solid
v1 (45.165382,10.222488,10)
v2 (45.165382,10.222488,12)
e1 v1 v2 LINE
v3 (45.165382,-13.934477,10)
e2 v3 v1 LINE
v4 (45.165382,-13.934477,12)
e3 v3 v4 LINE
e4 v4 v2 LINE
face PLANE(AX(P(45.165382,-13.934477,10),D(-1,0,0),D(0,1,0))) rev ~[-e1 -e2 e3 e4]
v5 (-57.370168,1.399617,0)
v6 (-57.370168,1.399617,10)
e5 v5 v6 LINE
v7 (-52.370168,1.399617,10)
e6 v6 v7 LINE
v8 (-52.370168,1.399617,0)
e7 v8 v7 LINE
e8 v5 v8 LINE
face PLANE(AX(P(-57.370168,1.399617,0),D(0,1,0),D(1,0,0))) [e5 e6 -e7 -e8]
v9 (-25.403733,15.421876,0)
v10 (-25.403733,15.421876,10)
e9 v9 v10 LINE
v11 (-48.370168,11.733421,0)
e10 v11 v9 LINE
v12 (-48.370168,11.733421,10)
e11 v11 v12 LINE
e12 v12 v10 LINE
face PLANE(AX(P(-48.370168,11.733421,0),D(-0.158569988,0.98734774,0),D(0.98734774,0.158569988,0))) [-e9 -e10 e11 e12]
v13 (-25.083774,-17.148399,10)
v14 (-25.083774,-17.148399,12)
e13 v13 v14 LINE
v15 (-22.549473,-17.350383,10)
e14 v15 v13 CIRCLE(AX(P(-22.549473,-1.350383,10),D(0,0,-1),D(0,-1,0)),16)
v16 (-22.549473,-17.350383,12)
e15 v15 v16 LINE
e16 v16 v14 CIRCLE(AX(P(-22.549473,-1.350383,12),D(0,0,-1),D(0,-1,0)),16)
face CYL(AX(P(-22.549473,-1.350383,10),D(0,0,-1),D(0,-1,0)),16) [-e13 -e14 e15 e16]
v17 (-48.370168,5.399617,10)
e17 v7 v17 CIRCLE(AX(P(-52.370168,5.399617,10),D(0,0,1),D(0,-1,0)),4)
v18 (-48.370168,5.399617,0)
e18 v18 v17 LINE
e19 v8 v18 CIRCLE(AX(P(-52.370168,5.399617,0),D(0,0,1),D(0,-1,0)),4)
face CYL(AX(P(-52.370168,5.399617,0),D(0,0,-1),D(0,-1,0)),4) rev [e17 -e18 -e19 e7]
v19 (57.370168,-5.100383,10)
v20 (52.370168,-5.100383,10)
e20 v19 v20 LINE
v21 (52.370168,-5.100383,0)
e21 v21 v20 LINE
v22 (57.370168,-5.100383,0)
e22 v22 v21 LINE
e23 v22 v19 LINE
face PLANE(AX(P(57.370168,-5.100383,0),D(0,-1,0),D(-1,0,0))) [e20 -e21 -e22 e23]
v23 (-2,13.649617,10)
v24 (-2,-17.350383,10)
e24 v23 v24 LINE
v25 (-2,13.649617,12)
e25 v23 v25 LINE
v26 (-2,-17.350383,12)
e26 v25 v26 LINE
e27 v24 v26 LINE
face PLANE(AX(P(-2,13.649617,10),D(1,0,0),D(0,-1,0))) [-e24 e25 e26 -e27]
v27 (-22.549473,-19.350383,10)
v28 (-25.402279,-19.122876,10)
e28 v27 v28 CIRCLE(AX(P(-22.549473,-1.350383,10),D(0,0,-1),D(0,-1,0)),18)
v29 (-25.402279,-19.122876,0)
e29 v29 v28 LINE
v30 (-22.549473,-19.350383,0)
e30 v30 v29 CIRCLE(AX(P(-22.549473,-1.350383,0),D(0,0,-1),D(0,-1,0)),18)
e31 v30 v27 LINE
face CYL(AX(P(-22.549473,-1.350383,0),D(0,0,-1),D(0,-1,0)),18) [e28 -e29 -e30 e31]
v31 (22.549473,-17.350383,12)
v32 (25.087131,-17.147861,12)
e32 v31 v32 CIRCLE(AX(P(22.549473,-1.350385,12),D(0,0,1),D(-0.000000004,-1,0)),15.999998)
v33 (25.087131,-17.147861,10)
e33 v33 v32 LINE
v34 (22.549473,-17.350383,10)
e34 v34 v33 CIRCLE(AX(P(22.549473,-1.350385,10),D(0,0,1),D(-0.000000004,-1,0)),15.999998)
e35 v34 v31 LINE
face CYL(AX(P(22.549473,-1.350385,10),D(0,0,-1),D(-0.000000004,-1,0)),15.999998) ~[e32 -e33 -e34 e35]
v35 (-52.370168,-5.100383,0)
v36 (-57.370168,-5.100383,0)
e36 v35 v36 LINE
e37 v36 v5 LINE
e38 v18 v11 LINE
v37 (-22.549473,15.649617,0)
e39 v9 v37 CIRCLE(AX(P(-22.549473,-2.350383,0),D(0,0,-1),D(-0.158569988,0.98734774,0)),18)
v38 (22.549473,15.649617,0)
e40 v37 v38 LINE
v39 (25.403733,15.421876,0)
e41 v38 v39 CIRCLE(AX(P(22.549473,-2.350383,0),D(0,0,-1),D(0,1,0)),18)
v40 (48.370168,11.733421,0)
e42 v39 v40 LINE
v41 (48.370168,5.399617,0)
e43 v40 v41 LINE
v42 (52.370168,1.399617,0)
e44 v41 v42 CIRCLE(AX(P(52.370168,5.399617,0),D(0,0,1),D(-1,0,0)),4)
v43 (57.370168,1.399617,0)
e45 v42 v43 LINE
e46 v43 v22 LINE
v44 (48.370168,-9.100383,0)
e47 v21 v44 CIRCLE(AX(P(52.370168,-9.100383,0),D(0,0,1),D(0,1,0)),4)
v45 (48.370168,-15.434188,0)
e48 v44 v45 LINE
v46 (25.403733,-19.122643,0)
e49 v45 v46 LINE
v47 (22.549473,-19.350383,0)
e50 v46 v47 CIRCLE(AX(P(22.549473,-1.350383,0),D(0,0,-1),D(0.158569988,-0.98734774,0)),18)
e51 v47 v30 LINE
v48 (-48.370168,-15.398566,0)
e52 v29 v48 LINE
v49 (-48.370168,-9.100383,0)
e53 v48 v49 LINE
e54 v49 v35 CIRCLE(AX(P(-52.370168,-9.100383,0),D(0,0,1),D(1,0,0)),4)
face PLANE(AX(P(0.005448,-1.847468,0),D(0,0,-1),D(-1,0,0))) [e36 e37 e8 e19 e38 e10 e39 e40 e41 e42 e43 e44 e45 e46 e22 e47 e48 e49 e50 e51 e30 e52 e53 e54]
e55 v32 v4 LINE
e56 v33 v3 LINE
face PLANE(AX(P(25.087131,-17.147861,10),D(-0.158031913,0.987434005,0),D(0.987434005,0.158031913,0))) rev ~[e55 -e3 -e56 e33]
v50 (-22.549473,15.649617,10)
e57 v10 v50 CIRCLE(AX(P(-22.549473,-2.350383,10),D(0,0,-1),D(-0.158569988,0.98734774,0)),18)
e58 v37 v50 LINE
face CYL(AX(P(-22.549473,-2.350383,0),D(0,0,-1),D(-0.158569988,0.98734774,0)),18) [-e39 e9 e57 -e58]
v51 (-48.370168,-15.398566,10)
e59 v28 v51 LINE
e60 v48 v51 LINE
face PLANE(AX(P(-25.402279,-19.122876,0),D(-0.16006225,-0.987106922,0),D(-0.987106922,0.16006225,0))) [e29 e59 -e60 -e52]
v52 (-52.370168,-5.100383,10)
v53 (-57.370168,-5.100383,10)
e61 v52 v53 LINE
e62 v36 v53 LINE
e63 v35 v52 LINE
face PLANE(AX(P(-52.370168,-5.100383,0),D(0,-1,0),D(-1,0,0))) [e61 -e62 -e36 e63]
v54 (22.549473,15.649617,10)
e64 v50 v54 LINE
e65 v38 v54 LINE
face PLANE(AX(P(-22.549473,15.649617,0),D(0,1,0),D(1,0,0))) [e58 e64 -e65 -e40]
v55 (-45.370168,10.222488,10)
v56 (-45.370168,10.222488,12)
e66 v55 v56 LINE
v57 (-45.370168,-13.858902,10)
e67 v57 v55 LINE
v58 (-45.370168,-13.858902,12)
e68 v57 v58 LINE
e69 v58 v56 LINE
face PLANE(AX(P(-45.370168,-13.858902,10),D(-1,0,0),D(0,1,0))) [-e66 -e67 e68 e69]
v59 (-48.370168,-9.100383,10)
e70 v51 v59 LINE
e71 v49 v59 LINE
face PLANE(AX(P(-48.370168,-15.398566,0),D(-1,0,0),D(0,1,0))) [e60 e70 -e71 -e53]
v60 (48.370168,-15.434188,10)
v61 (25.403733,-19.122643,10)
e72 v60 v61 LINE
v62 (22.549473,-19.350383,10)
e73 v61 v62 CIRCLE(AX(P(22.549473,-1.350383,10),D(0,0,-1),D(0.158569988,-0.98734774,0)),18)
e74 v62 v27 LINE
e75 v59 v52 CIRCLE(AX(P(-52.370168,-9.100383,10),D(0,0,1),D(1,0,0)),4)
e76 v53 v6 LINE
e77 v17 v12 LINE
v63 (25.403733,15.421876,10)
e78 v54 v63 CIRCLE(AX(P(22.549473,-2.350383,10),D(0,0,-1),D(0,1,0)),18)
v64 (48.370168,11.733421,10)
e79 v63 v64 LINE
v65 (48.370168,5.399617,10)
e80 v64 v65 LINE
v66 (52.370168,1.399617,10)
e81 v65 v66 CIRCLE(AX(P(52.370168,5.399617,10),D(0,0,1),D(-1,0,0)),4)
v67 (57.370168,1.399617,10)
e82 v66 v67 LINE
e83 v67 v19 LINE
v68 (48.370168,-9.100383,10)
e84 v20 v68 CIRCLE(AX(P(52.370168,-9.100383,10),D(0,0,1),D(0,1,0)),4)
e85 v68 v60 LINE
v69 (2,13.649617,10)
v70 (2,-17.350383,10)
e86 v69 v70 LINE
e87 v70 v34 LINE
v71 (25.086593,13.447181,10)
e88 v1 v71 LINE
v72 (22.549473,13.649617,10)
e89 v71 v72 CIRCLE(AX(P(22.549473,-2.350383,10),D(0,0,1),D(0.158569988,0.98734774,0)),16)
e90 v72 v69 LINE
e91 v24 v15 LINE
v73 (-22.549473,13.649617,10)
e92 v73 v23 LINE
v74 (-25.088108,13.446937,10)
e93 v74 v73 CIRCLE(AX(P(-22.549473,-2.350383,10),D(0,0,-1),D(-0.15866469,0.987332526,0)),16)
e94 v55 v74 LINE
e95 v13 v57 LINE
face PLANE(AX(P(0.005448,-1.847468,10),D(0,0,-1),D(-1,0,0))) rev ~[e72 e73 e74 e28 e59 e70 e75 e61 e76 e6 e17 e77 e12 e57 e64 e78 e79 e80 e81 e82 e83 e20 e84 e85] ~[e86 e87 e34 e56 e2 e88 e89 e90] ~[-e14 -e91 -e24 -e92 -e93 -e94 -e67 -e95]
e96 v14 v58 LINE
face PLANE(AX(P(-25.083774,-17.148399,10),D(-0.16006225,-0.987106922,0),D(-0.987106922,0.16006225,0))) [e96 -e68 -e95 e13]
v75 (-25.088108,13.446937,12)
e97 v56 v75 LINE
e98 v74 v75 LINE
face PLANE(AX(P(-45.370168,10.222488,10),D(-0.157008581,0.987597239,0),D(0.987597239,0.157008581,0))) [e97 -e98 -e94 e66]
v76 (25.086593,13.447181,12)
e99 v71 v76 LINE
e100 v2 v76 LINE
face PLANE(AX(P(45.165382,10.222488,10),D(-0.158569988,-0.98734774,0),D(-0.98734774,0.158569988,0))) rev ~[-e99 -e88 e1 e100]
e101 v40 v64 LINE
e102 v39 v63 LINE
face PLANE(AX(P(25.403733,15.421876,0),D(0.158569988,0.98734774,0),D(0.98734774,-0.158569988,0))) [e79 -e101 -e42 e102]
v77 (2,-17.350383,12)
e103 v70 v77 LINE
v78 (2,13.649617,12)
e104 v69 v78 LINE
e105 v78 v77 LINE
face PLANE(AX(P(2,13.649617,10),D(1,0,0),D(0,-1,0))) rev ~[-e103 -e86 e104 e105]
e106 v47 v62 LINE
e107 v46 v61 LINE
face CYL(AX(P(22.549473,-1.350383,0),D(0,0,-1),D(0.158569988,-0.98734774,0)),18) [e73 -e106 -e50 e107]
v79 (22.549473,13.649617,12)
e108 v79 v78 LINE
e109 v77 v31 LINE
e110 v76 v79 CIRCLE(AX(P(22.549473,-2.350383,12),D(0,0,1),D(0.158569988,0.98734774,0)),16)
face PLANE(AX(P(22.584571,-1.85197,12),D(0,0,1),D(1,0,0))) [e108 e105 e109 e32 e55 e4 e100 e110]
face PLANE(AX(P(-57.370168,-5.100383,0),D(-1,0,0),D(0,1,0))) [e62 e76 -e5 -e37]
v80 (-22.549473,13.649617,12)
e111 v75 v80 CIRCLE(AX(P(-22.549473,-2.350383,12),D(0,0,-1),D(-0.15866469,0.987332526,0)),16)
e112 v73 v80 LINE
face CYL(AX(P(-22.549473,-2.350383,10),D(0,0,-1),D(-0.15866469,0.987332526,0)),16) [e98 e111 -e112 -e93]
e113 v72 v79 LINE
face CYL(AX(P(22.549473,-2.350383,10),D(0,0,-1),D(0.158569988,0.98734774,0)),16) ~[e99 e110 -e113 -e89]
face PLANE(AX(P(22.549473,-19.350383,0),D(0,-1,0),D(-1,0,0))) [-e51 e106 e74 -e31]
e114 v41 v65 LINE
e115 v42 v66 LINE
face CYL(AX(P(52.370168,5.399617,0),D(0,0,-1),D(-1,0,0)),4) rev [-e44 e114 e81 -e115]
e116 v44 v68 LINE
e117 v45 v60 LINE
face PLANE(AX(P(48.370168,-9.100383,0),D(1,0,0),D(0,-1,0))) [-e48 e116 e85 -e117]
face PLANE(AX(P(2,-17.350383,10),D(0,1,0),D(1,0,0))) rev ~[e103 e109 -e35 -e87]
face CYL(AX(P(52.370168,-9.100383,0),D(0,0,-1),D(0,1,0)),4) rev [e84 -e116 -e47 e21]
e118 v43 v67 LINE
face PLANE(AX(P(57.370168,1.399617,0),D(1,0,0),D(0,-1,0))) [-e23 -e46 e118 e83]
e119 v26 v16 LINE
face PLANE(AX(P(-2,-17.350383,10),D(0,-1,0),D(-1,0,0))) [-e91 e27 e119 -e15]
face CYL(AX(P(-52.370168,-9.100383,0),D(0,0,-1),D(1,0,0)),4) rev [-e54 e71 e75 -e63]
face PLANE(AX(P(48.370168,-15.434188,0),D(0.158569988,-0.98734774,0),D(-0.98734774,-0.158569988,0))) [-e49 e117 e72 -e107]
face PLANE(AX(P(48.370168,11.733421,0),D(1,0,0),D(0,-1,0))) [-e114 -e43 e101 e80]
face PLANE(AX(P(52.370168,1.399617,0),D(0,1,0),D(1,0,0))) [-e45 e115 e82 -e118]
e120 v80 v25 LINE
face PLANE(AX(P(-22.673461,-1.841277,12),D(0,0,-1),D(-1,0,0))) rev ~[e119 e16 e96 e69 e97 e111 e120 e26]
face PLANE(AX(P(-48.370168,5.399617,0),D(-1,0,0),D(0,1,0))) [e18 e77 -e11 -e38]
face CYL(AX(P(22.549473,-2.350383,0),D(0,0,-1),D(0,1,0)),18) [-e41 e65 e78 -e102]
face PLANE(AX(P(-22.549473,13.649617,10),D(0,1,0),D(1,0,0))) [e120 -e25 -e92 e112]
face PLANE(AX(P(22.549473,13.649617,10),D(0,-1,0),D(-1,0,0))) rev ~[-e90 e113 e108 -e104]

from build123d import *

# Parameters (mm, degrees)
BOSS_EXTRUDE1_DEPTH = 10
BOSS_EXTRUDE2_DEPTH = 2


with BuildPart() as part:
    # Sketch1 → Boss-Extrude1 (new body)
    with BuildSketch(Plane.XY):
        with BuildLine():
            Line((-52.370168415, -5.10038319), (-57.370168415, -5.10038319))
            Line((-57.370168415, -5.10038319), (-57.370168415, 1.39961681))
            Line((-57.370168415, 1.39961681), (-52.370168415, 1.39961681))
            ThreePointArc((-52.370168415, 1.39961681), (-49.54174129, 2.571189685), (-48.370168415, 5.39961681))
            Line((-48.370168415, 5.39961681), (-48.370168415, 11.733421381))
            Line((-48.370168415, 11.733421381), (-25.403732634, 15.421876122))
            ThreePointArc((-25.403732634, 15.421876122), (-23.981138375, 15.592591307), (-22.549472845, 15.64961681))
            Line((-22.549472845, 15.64961681), (22.549472845, 15.64961681))
            ThreePointArc((22.549472845, 15.64961681), (23.981138375, 15.592591307), (25.403732634, 15.421876122))
            Line((25.403732634, 15.421876122), (48.370168415, 11.733421381))
            Line((48.370168415, 11.733421381), (48.370168415, 5.39961681))
            ThreePointArc((48.370168415, 5.39961681), (49.54174129, 2.571189685), (52.370168415, 1.39961681))
            Line((52.370168415, 1.39961681), (57.370168415, 1.39961681))
            Line((57.370168415, 1.39961681), (57.370168415, -5.10038319))
            Line((57.370168415, -5.10038319), (52.370168415, -5.10038319))
            ThreePointArc((52.370168415, -5.10038319), (49.54174129, -6.271956065), (48.370168415, -9.10038319))
            Line((48.370168415, -9.10038319), (48.370168415, -15.434187761))
            Line((48.370168415, -15.434187761), (25.403732634, -19.122642502))
            ThreePointArc((25.403732634, -19.122642502), (23.981138375, -19.293357687), (22.549472845, -19.35038319))
            Line((22.549472845, -19.35038319), (-22.549472845, -19.35038319))
            ThreePointArc((-22.549472845, -19.35038319), (-23.980404824, -19.293416202), (-25.402279482, -19.12287582))
            Line((-25.402279482, -19.12287582), (-48.370168415, -15.398566029))
            Line((-48.370168415, -15.398566029), (-48.370168415, -9.10038319))
            ThreePointArc((-48.370168415, -9.10038319), (-49.54174129, -6.271956065), (-52.370168415, -5.10038319))
        make_face()
    extrude(amount=BOSS_EXTRUDE1_DEPTH)

    # Sketch2 → Boss-Extrude2 (add)
    with BuildSketch(Plane.XY.offset(10)):
        with BuildLine():
            Line((-2, 13.64961681), (-2, -17.35038319))
            Line((-2, -17.35038319), (-22.549472845, -17.35038319))
            ThreePointArc((-22.549472845, -17.35038319), (-23.820641613, -17.299807316), (-25.083774072, -17.148399435))
            Line((-25.083774072, -17.148399435), (-45.370168415, -13.858901767))
            Line((-45.370168415, -13.858901767), (-45.370168415, 10.222487605))
            Line((-45.370168415, 10.222487605), (-25.088107898, 13.446937218))
            ThreePointArc((-25.088107898, 13.446937218), (-23.82282933, 13.598866424), (-22.549472845, 13.64961681))
            Line((-22.549472845, 13.64961681), (-2, 13.64961681))
        make_face()
        with BuildLine():
            Line((2, 13.64961681), (2, -17.35038319))
            Line((2, -17.35038319), (22.549472845, -17.35038319))
            ThreePointArc((22.549472845, -17.35038319), (23.822336045, -17.29967218), (25.087130721, -17.14786059))
            Line((25.087130721, -17.14786059), (45.165381948, -13.934476775))
            Line((45.165381948, -13.934476775), (45.165381948, 10.222487605))
            Line((45.165381948, 10.222487605), (25.086592657, 13.447180643))
            ThreePointArc((25.086592657, 13.447180643), (23.822064428, 13.598927474), (22.549472845, 13.64961681))
            Line((22.549472845, 13.64961681), (2, 13.64961681))
        make_face()
    extrude(amount=BOSS_EXTRUDE2_DEPTH)


solid = part.part
